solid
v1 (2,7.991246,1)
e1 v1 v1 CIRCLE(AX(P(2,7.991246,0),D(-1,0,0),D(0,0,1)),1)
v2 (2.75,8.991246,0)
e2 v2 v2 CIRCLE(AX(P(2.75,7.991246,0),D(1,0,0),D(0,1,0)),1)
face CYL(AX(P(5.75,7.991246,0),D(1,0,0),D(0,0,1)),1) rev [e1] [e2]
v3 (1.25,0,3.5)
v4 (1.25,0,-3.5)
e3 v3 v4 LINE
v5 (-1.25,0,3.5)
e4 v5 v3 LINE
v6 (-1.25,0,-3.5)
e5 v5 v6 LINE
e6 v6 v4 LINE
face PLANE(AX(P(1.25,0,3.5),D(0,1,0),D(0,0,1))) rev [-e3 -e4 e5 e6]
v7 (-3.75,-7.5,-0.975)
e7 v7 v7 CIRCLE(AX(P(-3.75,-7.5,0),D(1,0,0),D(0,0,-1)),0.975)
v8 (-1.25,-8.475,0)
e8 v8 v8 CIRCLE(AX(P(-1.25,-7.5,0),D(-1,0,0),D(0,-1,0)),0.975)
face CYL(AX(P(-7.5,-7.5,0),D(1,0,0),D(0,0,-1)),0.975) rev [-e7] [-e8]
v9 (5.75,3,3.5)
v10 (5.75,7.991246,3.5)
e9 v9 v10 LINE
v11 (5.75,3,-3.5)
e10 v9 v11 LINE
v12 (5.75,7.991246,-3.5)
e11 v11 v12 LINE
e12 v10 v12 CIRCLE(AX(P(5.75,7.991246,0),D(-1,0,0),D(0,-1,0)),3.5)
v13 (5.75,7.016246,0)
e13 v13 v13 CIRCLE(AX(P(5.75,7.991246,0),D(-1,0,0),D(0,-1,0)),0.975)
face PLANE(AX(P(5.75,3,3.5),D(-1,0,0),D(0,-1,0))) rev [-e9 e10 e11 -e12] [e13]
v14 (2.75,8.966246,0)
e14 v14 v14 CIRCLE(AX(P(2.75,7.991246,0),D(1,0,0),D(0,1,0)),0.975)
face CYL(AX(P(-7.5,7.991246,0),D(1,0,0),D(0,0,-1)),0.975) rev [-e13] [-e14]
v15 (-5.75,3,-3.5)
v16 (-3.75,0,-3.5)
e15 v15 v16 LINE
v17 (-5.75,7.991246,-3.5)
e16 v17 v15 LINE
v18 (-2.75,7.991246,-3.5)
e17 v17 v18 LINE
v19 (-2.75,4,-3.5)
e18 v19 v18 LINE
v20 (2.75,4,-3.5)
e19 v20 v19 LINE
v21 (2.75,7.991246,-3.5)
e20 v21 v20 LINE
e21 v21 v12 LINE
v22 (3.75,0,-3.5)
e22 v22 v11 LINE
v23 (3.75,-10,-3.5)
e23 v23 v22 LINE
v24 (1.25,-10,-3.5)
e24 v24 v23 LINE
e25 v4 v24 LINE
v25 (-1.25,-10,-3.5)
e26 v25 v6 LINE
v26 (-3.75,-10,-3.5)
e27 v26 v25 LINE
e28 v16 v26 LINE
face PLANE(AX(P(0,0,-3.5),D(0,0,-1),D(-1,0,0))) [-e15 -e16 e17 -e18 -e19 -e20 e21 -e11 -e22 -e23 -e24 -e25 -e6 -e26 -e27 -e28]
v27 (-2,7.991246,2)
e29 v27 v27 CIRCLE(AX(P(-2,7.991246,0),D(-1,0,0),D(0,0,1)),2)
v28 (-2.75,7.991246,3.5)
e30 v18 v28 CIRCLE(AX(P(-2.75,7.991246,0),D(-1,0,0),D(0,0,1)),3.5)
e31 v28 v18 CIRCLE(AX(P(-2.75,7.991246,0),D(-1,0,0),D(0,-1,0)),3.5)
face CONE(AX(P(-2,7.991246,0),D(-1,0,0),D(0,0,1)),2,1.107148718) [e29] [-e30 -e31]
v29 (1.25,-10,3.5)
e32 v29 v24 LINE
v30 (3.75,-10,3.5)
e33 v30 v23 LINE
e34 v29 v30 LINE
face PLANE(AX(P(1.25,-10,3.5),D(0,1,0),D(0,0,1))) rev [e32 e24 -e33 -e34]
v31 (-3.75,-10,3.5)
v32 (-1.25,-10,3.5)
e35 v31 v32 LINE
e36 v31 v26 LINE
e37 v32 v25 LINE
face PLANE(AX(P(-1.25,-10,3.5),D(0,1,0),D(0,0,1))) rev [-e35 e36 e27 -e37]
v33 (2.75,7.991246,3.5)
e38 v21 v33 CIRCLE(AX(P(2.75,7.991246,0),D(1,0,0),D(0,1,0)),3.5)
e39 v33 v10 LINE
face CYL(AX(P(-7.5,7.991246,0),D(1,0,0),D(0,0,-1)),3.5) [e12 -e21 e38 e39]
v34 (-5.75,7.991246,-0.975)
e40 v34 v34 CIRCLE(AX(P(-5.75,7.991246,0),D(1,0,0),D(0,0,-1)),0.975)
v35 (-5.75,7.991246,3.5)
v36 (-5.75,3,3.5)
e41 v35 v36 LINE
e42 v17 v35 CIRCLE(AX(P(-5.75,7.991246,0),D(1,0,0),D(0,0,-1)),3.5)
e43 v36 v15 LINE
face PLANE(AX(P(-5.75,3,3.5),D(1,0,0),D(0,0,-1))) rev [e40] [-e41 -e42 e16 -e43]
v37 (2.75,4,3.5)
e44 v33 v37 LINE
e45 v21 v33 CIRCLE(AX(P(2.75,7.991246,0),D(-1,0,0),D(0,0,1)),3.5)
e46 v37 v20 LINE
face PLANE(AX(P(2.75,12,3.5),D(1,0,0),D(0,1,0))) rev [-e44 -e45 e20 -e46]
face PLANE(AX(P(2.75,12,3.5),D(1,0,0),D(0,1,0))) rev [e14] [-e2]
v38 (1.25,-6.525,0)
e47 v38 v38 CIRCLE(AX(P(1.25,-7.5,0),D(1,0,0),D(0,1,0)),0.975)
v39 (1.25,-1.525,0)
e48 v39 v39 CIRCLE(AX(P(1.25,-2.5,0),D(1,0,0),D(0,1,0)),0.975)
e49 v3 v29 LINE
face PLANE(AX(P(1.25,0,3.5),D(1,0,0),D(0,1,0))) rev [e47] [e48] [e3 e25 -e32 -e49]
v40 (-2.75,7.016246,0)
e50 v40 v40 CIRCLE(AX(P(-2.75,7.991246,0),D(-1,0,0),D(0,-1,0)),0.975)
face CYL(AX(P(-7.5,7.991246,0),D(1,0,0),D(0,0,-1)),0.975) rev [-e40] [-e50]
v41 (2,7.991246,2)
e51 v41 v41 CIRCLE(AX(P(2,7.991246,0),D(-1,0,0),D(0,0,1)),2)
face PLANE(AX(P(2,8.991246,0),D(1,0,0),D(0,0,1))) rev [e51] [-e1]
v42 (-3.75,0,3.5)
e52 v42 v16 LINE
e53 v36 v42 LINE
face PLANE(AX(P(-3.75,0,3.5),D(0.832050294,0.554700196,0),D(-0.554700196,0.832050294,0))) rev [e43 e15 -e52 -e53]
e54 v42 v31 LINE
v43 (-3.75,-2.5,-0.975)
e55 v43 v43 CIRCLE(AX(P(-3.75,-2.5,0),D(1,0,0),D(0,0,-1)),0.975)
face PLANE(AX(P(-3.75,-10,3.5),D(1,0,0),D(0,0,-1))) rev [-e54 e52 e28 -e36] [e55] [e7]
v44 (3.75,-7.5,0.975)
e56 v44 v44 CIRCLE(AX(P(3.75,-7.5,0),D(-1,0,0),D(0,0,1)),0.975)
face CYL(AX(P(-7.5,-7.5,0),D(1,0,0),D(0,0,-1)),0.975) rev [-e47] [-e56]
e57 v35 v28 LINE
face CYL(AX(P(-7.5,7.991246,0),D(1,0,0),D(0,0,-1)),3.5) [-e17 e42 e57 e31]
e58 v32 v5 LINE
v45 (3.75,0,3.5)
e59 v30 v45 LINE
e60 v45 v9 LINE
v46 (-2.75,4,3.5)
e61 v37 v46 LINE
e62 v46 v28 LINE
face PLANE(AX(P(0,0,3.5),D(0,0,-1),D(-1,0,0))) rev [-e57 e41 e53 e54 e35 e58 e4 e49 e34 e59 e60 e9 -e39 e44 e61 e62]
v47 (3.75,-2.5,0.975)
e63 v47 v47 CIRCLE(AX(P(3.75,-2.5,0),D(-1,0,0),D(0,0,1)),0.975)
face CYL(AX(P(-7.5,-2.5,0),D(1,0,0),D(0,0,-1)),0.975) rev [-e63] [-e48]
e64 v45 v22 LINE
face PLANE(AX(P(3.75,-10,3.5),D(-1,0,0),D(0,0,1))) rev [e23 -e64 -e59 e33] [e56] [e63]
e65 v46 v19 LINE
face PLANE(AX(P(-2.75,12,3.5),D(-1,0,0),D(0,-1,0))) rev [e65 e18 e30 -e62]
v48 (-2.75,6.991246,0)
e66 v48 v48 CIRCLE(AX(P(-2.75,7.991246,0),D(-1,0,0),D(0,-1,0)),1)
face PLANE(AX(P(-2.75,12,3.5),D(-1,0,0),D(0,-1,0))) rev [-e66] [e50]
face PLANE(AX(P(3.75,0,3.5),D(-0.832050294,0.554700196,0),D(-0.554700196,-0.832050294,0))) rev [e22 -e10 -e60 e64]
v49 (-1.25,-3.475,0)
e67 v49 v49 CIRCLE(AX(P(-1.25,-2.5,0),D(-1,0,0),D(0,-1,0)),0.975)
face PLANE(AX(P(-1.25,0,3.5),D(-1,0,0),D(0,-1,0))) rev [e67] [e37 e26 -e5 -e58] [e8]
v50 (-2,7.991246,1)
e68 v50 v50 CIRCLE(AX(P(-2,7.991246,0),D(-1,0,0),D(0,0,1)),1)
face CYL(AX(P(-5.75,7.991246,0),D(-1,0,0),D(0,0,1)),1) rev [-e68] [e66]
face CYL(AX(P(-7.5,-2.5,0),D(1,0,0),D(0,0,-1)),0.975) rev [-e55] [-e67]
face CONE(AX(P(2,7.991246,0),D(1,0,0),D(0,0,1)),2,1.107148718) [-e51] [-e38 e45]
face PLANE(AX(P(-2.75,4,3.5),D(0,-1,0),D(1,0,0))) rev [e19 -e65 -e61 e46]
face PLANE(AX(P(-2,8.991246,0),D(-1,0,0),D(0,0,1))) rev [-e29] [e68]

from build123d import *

# Parameters (mm, degrees)
BOSS_EXTRUDE1_DEPTH = 3.5
SKETCH2_R           = 0.975
CUT_EXTRUDE1_DEPTH  = 7.5


with BuildPart() as part:
    # Sketch1 → Boss-Extrude1 (new body, symmetric)
    with BuildSketch(Plane.XY):
        Polygon((-1.25, -10), (-3.75, -10), (-3.75, 0), (-5.75, 3), (-5.75, 12), (-4.25, 12), (-2.75, 12), (-2.75, 4), (2.75, 4), (2.75, 12), (4.25, 12), (5.75, 12), (5.75, 3), (3.75, 0), (3.75, -10), (1.25, -10), (1.25, 0), (-1.25, 0), align=None)
    extrude(amount=BOSS_EXTRUDE1_DEPTH, both=True)

    # Sketch2 → Cut-Extrude1 (cut, symmetric)
    with BuildSketch(Plane(origin=(0, 0, 0), x_dir=(0, 0, -1), z_dir=(1, 0, 0))):
        with BuildLine():
            Line((-3.5, 12), (-3.5, 7.991246091))
            ThreePointArc((-3.5, 7.991246091), (0, 11.491246091), (3.5, 7.991246091))
            Line((3.5, 7.991246091), (3.5, 12))
            Line((3.5, 12), (-3.5, 12))
        make_face()
        with Locations((0, 7.991246091)):
            Circle(SKETCH2_R)
        with Locations((0, -2.5)):
            Circle(SKETCH2_R)
        with Locations((0, -7.5)):
            Circle(SKETCH2_R)
    extrude(amount=CUT_EXTRUDE1_DEPTH, both=True, mode=Mode.SUBTRACT)

    # Sketch3 → Revolve1 (revolve)
    with BuildSketch(Plane.XY):
        Polygon((-2.75, 8.991246091), (-2, 8.991246091), (-2, 9.991246091), (-2.75, 11.491246091), align=None)
    revolve1 = revolve(axis=Axis((-5.75, 7.991246091, 0), (1, 0, 0)))

    # Mirror1: Revolve1 across plane
    add(revolve1.mirror(Plane(origin=(0, 0, 0), x_dir=(0, 0, 1), z_dir=(1, 0, 0))))


solid = part.part
